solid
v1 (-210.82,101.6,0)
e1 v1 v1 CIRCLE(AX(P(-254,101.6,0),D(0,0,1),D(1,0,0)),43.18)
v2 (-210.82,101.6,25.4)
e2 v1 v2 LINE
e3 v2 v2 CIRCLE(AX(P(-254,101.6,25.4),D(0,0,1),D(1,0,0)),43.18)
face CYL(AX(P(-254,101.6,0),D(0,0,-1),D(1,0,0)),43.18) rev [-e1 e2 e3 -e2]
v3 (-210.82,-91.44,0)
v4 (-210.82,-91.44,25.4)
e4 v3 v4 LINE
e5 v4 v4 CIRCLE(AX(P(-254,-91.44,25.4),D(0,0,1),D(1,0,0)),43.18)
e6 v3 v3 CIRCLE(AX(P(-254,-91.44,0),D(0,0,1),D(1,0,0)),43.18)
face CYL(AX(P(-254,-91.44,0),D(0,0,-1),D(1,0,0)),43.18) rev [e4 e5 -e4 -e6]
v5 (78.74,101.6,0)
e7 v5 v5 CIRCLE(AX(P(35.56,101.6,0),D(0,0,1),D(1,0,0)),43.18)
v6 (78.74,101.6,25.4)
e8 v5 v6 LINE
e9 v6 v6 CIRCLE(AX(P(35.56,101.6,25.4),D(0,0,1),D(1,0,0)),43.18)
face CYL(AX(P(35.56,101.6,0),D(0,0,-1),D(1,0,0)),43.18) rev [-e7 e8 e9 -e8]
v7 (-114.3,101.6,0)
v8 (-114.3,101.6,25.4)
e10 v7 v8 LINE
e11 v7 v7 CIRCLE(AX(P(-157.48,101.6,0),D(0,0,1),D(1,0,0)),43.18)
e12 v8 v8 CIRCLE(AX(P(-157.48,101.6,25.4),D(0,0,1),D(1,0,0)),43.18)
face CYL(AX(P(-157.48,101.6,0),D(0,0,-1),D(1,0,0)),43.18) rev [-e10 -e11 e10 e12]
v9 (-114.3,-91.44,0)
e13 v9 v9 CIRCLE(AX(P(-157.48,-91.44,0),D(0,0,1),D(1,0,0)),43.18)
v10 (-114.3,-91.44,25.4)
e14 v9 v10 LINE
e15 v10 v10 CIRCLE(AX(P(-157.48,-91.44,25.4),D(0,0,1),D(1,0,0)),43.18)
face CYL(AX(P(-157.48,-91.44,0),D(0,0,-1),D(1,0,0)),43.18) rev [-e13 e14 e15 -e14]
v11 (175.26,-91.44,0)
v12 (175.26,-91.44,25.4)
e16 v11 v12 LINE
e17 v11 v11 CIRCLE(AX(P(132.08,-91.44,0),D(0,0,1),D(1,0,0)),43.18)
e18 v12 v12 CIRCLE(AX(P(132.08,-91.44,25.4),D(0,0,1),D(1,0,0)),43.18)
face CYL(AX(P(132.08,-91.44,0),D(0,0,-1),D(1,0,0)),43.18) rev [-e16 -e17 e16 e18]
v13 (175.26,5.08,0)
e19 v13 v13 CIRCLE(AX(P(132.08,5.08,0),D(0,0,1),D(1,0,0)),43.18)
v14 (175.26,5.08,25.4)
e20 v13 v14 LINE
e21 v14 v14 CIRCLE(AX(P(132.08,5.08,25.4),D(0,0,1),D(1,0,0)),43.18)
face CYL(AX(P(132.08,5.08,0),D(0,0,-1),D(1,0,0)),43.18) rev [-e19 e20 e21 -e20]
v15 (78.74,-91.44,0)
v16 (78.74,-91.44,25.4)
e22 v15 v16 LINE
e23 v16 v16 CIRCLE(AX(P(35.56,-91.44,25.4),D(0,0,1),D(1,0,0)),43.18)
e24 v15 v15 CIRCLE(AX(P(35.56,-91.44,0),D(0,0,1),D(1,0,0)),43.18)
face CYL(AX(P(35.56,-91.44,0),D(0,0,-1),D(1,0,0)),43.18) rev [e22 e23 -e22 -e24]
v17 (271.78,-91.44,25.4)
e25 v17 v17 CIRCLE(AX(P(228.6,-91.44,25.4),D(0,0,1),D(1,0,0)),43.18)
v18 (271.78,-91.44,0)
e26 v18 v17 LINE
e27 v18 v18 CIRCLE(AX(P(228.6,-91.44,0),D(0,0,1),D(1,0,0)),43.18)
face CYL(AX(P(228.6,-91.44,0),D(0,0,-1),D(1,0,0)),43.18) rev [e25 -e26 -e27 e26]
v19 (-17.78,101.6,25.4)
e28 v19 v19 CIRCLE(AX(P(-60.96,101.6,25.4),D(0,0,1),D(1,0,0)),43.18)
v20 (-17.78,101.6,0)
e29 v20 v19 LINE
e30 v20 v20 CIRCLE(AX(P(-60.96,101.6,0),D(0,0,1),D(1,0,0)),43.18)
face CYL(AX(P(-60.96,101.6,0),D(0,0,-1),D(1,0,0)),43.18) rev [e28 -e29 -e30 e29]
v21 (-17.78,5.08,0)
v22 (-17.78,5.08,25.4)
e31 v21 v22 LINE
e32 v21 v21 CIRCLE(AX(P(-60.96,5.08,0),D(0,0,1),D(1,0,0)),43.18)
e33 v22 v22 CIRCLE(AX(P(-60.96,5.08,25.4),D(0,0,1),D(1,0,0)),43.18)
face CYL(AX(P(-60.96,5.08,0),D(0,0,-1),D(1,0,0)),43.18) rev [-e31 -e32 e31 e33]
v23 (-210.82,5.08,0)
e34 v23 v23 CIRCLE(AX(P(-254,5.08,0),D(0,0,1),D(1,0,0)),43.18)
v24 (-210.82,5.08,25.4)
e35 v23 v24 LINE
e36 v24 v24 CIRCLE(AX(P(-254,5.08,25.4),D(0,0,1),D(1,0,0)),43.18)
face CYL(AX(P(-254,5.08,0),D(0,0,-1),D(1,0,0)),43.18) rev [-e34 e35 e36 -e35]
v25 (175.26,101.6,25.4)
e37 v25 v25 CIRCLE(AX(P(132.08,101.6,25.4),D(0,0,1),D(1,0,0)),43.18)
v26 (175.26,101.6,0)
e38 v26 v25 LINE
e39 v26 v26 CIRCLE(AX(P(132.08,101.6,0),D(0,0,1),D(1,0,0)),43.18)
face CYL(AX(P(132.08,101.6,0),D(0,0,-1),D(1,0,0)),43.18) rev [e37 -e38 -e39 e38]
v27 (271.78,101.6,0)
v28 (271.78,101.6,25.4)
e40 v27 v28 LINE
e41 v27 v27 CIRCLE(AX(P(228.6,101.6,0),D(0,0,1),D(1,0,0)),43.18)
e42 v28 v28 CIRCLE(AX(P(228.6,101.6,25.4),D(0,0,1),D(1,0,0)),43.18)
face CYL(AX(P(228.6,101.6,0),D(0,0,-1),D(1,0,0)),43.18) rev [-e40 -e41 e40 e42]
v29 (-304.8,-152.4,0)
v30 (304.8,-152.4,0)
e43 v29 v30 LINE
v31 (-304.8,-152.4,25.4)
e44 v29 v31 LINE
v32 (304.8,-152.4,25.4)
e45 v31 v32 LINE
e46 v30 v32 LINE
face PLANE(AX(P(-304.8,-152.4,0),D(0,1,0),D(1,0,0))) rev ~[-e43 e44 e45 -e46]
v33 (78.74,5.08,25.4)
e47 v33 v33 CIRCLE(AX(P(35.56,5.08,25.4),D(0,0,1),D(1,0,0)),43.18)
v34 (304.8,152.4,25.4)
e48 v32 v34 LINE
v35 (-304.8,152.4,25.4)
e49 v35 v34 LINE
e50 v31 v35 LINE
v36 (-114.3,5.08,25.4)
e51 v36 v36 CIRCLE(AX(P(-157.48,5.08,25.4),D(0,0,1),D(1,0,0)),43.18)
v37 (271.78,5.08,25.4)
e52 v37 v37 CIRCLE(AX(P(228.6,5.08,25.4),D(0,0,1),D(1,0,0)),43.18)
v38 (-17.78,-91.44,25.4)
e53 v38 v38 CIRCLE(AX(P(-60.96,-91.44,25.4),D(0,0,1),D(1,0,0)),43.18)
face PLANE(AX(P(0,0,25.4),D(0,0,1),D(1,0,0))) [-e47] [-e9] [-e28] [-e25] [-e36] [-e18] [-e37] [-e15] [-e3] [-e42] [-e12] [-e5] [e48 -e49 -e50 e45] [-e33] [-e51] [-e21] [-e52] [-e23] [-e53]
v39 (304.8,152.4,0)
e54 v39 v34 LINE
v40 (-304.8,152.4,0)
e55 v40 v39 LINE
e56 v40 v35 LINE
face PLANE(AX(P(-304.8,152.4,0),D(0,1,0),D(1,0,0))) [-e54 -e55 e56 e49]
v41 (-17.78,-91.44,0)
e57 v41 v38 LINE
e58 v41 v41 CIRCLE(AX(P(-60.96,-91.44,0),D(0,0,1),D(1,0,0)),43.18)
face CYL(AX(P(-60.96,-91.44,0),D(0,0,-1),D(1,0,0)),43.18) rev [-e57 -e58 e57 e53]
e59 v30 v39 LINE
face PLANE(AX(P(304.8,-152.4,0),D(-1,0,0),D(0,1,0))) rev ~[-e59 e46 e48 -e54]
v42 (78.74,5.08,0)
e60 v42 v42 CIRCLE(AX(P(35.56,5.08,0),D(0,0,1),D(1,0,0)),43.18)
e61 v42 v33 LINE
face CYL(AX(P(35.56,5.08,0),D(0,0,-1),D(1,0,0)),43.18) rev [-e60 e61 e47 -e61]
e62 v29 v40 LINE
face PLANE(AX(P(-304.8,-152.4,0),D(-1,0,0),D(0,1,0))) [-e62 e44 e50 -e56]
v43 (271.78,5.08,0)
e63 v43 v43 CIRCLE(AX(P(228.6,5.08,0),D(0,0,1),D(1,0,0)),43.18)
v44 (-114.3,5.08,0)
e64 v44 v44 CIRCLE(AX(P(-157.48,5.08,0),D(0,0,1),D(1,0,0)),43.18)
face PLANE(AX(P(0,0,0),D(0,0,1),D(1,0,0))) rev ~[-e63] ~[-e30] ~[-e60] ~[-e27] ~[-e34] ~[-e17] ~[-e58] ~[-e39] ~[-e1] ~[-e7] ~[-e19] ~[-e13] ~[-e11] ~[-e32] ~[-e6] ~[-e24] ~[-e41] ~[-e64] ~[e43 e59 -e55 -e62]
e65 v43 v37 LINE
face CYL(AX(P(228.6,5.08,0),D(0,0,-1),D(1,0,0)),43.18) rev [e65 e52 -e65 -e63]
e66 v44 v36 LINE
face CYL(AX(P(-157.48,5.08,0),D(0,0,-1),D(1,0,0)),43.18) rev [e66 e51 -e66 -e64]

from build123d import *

# Parameters (mm, degrees)
F0_W     = 609.6
F0_H     = 304.8
F0_R     = 43.18
F1_DEPTH = 25.4


with BuildPart() as f1:
    # F0 (on Top) → F1 (new body)
    with BuildSketch(Plane.XY):
        Rectangle(F0_W, F0_H)
        with Locations((-254, -91.44)):
            Circle(F0_R, mode=Mode.SUBTRACT)
        with Locations((-157.48, -91.44)):
            Circle(F0_R, mode=Mode.SUBTRACT)
        with Locations((-60.96, -91.44)):
            Circle(F0_R, mode=Mode.SUBTRACT)
        with Locations((35.56, -91.44)):
            Circle(F0_R, mode=Mode.SUBTRACT)
        with Locations((132.08, -91.44)):
            Circle(F0_R, mode=Mode.SUBTRACT)
        with Locations((228.6, -91.44)):
            Circle(F0_R, mode=Mode.SUBTRACT)
        with Locations((-254, 5.08)):
            Circle(F0_R, mode=Mode.SUBTRACT)
        with Locations((-157.48, 5.08)):
            Circle(F0_R, mode=Mode.SUBTRACT)
        with Locations((-60.96, 5.08)):
            Circle(F0_R, mode=Mode.SUBTRACT)
        with Locations((-254, 101.6)):
            Circle(F0_R, mode=Mode.SUBTRACT)
        with Locations((-157.48, 101.6)):
            Circle(F0_R, mode=Mode.SUBTRACT)
        with Locations((-60.96, 101.6)):
            Circle(F0_R, mode=Mode.SUBTRACT)
        with Locations((35.56, 5.08)):
            Circle(F0_R, mode=Mode.SUBTRACT)
        with Locations((132.08, 5.08)):
            Circle(F0_R, mode=Mode.SUBTRACT)
        with Locations((228.6, 5.08)):
            Circle(F0_R, mode=Mode.SUBTRACT)
        with Locations((35.56, 101.6)):
            Circle(F0_R, mode=Mode.SUBTRACT)
        with Locations((132.08, 101.6)):
            Circle(F0_R, mode=Mode.SUBTRACT)
        with Locations((228.6, 101.6)):
            Circle(F0_R, mode=Mode.SUBTRACT)
    extrude(amount=F1_DEPTH)


solid = f1.part
